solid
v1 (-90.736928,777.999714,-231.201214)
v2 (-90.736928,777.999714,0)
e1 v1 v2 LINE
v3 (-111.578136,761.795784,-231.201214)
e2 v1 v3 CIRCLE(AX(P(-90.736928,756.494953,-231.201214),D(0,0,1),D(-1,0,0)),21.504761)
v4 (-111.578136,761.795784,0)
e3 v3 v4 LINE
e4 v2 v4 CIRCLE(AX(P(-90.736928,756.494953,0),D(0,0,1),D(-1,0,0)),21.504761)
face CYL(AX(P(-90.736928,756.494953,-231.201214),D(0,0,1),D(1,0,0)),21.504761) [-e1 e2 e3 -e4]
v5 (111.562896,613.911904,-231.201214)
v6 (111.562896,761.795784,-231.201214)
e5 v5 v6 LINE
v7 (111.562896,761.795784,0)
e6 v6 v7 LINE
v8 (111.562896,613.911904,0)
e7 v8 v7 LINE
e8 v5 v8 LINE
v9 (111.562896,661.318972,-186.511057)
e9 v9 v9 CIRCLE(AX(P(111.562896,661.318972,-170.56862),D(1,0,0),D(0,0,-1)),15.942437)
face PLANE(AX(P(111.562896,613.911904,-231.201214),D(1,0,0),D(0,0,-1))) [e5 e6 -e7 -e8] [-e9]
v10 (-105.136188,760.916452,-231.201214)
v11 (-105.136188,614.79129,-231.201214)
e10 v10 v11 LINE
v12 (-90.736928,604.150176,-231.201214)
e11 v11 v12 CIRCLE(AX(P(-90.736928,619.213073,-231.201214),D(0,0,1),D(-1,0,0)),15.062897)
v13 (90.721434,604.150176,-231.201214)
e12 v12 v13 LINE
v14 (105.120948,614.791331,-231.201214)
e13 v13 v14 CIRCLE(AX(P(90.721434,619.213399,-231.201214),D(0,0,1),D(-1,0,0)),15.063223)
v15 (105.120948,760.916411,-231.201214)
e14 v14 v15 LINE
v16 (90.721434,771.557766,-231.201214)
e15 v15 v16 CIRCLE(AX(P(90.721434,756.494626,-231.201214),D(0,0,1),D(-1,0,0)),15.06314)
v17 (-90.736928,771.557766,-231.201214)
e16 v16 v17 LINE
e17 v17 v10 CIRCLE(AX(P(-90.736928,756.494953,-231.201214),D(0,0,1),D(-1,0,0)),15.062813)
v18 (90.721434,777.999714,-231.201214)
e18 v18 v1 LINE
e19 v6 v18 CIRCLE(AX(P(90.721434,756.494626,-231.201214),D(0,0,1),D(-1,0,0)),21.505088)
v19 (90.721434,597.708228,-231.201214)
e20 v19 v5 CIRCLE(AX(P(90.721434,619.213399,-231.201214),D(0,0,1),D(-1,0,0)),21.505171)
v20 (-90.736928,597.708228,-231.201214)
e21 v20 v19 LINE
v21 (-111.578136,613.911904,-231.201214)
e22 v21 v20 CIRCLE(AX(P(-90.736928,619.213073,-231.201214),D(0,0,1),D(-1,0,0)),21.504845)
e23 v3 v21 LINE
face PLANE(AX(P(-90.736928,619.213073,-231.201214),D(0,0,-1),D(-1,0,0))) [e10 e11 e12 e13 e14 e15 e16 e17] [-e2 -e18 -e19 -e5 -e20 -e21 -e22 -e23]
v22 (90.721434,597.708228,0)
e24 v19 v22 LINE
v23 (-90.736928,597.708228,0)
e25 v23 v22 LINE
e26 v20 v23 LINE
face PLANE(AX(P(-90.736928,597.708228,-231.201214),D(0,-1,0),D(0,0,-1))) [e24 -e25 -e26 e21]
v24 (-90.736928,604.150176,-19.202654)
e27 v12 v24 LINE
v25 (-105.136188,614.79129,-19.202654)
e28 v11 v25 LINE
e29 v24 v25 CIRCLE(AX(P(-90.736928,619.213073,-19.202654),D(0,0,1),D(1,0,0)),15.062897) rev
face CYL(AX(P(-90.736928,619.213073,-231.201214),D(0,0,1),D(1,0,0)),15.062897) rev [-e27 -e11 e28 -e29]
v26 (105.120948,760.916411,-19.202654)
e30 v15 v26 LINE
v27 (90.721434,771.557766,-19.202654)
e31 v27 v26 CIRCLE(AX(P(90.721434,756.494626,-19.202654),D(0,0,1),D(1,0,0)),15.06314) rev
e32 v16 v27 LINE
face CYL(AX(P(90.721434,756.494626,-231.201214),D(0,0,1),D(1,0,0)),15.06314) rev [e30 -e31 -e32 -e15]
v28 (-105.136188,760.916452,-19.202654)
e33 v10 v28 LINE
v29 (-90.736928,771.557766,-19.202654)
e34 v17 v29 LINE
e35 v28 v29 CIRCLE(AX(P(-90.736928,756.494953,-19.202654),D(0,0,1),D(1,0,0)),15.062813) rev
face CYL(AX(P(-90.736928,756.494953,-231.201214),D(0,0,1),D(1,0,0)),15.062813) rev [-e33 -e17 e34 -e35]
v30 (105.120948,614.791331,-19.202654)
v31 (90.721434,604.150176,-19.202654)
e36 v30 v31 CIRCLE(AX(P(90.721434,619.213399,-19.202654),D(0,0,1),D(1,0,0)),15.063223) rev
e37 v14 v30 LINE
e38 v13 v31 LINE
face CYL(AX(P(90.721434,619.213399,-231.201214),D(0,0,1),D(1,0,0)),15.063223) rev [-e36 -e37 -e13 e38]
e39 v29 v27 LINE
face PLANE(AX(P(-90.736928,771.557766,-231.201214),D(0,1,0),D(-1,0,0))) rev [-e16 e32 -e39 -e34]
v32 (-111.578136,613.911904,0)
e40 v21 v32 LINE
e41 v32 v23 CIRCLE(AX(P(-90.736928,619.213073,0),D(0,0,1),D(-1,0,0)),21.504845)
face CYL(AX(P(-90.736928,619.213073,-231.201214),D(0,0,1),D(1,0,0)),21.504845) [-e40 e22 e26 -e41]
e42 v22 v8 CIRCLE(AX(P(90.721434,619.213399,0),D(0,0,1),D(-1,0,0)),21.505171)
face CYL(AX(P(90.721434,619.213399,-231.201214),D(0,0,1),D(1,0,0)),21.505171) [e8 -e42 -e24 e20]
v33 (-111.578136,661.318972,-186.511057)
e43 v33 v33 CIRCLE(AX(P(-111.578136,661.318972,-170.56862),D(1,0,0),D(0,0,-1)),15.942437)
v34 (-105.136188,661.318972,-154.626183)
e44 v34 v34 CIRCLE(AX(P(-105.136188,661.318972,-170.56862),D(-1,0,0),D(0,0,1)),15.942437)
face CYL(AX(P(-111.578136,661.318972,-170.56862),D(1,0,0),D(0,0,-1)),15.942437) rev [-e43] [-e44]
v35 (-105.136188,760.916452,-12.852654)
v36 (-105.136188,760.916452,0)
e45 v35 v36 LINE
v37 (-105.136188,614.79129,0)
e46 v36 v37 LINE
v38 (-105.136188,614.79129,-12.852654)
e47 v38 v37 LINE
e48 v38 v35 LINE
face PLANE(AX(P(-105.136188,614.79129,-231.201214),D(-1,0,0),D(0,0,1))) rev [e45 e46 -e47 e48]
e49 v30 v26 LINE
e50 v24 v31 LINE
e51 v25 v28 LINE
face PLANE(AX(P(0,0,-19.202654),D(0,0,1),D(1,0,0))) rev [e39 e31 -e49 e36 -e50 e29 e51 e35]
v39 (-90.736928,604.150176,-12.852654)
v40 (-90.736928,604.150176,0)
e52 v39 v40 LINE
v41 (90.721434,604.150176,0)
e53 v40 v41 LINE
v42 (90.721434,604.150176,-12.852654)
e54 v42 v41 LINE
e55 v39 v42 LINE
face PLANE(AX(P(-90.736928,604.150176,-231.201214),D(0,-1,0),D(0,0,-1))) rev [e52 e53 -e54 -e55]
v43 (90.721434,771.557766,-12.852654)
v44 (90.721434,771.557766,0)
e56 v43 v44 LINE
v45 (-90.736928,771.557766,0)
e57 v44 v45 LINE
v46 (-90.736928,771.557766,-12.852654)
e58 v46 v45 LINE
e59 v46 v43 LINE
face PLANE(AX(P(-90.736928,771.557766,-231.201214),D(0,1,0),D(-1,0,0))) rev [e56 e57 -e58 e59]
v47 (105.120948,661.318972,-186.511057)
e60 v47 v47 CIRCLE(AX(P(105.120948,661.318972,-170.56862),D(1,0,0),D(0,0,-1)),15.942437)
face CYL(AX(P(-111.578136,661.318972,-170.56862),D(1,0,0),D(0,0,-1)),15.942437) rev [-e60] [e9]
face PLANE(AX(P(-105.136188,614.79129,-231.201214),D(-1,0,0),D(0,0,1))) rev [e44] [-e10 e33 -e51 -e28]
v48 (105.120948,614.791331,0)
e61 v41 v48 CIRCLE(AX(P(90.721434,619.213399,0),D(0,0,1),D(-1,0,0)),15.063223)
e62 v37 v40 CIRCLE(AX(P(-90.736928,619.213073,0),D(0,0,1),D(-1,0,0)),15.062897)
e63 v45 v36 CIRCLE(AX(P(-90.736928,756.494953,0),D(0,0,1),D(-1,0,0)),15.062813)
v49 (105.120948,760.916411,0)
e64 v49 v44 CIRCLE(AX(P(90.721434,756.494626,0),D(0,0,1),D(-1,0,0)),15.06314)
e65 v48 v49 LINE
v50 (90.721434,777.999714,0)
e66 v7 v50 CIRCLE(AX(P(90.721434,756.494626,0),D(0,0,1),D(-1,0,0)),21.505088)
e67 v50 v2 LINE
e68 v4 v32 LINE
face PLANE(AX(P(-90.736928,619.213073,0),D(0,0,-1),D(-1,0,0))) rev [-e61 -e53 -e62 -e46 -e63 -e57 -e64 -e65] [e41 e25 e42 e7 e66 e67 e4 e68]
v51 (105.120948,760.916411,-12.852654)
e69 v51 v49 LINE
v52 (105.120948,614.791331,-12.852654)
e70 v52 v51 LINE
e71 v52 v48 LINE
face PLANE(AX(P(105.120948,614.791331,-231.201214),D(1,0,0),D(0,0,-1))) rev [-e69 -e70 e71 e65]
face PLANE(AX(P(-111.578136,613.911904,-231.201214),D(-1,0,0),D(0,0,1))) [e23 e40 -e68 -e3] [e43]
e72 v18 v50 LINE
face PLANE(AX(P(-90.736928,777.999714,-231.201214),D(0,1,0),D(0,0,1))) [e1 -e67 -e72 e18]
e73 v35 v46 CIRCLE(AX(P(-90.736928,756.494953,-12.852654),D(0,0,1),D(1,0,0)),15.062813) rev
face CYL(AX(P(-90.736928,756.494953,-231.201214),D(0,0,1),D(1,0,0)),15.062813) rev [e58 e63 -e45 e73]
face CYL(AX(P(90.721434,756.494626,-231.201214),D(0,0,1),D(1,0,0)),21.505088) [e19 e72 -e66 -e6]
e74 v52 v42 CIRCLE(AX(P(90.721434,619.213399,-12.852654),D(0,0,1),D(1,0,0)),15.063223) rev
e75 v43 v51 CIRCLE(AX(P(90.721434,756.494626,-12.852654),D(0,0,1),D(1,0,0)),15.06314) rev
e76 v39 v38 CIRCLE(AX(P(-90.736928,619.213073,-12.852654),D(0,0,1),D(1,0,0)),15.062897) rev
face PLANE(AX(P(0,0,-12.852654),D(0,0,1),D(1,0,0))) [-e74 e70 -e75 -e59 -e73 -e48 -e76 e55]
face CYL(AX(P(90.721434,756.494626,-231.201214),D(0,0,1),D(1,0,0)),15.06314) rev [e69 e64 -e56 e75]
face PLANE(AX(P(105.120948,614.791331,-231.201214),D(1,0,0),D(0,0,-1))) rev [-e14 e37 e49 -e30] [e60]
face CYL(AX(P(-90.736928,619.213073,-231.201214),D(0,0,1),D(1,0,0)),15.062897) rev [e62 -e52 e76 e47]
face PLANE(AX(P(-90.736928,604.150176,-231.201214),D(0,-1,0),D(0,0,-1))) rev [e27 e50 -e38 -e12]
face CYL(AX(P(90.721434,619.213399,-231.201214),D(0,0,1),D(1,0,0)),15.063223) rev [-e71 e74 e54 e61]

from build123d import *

# Parameters (mm, degrees)
BOSS_EXTRUDE1_DEPTH = 231.201214
BOSS_EXTRUDE2_START = -12.852654
BOSS_EXTRUDE2_DEPTH = 6.35
SKETCH3_R           = 15.942437
CUT_EXTRUDE1_DEPTH  = 842.74192987


with BuildPart() as part:
    # Sketch1 → Boss-Extrude1 (new body)
    with BuildSketch(Plane.XY):
        with BuildLine():
            Line((-90.736928, 597.708228), (90.721434, 597.708228))
            ThreePointArc((90.721434, 597.708228), (103.921108752, 602.235738137), (111.562896, 613.911904))
            Line((111.562896, 613.911904), (111.562896, 761.795784))
            ThreePointArc((111.562896, 761.795784), (103.921186704, 773.472121096), (90.721434, 777.999714))
            Line((90.721434, 777.999714), (-90.736928, 777.999714))
            ThreePointArc((-90.736928, 777.999714), (-103.936580442, 773.472111924), (-111.578136, 761.795784))
            Line((-111.578136, 761.795784), (-111.578136, 613.911904))
            ThreePointArc((-111.578136, 613.911904), (-103.936502489, 602.235747309), (-90.736928, 597.708228))
        make_face()
        with BuildLine():
            Line((-90.736928, 604.150176), (90.721434, 604.150176))
            ThreePointArc((90.721434, 604.150176), (99.673810429, 607.099124575), (105.120948, 614.791330612))
            Line((105.120948, 614.791330612), (105.120948, 760.91641141))
            ThreePointArc((105.120948, 760.91641141), (99.673869855, 768.60875328), (90.721434, 771.557766))
            Line((90.721434, 771.557766), (-90.736928, 771.557766))
            ThreePointArc((-90.736928, 771.557766), (-99.689249554, 768.60875822), (-105.136188, 760.916452346))
            Line((-105.136188, 760.916452346), (-105.136188, 614.791289676))
            ThreePointArc((-105.136188, 614.791289676), (-99.689190128, 607.099119635), (-90.736928, 604.150176))
        make_face(mode=Mode.SUBTRACT)
    extrude(amount=-BOSS_EXTRUDE1_DEPTH)

    # Sketch1<2> → Boss-Extrude2 (add)
    with BuildSketch(Plane.XY.offset(BOSS_EXTRUDE2_START)):
        with BuildLine():
            Line((90.721434, 771.557766), (-90.736928, 771.557766))
            ThreePointArc((-90.736928, 771.557766), (-99.689249554, 768.60875822), (-105.136188, 760.916452346))
            Line((-105.136188, 760.916452346), (-105.136188, 614.791289676))
            ThreePointArc((-105.136188, 614.791289676), (-99.689190128, 607.099119635), (-90.736928, 604.150176))
            Line((-90.736928, 604.150176), (90.721434, 604.150176))
            ThreePointArc((90.721434, 604.150176), (99.673810429, 607.099124575), (105.120948, 614.791330612))
            Line((105.120948, 614.791330612), (105.120948, 760.91641141))
            ThreePointArc((105.120948, 760.91641141), (99.673869855, 768.60875328), (90.721434, 771.557766))
        make_face()
    extrude(amount=-BOSS_EXTRUDE2_DEPTH)

    # Sketch3 → Cut-Extrude1 (cut, through all)
    with BuildSketch(Plane(origin=(111.562896, 0, 0), x_dir=(0, 0, -1), z_dir=(1, 0, 0))):
        with Locations((170.56862, 661.318972)):
            Circle(SKETCH3_R)
    extrude(amount=-CUT_EXTRUDE1_DEPTH, mode=Mode.SUBTRACT)


solid = part.part
